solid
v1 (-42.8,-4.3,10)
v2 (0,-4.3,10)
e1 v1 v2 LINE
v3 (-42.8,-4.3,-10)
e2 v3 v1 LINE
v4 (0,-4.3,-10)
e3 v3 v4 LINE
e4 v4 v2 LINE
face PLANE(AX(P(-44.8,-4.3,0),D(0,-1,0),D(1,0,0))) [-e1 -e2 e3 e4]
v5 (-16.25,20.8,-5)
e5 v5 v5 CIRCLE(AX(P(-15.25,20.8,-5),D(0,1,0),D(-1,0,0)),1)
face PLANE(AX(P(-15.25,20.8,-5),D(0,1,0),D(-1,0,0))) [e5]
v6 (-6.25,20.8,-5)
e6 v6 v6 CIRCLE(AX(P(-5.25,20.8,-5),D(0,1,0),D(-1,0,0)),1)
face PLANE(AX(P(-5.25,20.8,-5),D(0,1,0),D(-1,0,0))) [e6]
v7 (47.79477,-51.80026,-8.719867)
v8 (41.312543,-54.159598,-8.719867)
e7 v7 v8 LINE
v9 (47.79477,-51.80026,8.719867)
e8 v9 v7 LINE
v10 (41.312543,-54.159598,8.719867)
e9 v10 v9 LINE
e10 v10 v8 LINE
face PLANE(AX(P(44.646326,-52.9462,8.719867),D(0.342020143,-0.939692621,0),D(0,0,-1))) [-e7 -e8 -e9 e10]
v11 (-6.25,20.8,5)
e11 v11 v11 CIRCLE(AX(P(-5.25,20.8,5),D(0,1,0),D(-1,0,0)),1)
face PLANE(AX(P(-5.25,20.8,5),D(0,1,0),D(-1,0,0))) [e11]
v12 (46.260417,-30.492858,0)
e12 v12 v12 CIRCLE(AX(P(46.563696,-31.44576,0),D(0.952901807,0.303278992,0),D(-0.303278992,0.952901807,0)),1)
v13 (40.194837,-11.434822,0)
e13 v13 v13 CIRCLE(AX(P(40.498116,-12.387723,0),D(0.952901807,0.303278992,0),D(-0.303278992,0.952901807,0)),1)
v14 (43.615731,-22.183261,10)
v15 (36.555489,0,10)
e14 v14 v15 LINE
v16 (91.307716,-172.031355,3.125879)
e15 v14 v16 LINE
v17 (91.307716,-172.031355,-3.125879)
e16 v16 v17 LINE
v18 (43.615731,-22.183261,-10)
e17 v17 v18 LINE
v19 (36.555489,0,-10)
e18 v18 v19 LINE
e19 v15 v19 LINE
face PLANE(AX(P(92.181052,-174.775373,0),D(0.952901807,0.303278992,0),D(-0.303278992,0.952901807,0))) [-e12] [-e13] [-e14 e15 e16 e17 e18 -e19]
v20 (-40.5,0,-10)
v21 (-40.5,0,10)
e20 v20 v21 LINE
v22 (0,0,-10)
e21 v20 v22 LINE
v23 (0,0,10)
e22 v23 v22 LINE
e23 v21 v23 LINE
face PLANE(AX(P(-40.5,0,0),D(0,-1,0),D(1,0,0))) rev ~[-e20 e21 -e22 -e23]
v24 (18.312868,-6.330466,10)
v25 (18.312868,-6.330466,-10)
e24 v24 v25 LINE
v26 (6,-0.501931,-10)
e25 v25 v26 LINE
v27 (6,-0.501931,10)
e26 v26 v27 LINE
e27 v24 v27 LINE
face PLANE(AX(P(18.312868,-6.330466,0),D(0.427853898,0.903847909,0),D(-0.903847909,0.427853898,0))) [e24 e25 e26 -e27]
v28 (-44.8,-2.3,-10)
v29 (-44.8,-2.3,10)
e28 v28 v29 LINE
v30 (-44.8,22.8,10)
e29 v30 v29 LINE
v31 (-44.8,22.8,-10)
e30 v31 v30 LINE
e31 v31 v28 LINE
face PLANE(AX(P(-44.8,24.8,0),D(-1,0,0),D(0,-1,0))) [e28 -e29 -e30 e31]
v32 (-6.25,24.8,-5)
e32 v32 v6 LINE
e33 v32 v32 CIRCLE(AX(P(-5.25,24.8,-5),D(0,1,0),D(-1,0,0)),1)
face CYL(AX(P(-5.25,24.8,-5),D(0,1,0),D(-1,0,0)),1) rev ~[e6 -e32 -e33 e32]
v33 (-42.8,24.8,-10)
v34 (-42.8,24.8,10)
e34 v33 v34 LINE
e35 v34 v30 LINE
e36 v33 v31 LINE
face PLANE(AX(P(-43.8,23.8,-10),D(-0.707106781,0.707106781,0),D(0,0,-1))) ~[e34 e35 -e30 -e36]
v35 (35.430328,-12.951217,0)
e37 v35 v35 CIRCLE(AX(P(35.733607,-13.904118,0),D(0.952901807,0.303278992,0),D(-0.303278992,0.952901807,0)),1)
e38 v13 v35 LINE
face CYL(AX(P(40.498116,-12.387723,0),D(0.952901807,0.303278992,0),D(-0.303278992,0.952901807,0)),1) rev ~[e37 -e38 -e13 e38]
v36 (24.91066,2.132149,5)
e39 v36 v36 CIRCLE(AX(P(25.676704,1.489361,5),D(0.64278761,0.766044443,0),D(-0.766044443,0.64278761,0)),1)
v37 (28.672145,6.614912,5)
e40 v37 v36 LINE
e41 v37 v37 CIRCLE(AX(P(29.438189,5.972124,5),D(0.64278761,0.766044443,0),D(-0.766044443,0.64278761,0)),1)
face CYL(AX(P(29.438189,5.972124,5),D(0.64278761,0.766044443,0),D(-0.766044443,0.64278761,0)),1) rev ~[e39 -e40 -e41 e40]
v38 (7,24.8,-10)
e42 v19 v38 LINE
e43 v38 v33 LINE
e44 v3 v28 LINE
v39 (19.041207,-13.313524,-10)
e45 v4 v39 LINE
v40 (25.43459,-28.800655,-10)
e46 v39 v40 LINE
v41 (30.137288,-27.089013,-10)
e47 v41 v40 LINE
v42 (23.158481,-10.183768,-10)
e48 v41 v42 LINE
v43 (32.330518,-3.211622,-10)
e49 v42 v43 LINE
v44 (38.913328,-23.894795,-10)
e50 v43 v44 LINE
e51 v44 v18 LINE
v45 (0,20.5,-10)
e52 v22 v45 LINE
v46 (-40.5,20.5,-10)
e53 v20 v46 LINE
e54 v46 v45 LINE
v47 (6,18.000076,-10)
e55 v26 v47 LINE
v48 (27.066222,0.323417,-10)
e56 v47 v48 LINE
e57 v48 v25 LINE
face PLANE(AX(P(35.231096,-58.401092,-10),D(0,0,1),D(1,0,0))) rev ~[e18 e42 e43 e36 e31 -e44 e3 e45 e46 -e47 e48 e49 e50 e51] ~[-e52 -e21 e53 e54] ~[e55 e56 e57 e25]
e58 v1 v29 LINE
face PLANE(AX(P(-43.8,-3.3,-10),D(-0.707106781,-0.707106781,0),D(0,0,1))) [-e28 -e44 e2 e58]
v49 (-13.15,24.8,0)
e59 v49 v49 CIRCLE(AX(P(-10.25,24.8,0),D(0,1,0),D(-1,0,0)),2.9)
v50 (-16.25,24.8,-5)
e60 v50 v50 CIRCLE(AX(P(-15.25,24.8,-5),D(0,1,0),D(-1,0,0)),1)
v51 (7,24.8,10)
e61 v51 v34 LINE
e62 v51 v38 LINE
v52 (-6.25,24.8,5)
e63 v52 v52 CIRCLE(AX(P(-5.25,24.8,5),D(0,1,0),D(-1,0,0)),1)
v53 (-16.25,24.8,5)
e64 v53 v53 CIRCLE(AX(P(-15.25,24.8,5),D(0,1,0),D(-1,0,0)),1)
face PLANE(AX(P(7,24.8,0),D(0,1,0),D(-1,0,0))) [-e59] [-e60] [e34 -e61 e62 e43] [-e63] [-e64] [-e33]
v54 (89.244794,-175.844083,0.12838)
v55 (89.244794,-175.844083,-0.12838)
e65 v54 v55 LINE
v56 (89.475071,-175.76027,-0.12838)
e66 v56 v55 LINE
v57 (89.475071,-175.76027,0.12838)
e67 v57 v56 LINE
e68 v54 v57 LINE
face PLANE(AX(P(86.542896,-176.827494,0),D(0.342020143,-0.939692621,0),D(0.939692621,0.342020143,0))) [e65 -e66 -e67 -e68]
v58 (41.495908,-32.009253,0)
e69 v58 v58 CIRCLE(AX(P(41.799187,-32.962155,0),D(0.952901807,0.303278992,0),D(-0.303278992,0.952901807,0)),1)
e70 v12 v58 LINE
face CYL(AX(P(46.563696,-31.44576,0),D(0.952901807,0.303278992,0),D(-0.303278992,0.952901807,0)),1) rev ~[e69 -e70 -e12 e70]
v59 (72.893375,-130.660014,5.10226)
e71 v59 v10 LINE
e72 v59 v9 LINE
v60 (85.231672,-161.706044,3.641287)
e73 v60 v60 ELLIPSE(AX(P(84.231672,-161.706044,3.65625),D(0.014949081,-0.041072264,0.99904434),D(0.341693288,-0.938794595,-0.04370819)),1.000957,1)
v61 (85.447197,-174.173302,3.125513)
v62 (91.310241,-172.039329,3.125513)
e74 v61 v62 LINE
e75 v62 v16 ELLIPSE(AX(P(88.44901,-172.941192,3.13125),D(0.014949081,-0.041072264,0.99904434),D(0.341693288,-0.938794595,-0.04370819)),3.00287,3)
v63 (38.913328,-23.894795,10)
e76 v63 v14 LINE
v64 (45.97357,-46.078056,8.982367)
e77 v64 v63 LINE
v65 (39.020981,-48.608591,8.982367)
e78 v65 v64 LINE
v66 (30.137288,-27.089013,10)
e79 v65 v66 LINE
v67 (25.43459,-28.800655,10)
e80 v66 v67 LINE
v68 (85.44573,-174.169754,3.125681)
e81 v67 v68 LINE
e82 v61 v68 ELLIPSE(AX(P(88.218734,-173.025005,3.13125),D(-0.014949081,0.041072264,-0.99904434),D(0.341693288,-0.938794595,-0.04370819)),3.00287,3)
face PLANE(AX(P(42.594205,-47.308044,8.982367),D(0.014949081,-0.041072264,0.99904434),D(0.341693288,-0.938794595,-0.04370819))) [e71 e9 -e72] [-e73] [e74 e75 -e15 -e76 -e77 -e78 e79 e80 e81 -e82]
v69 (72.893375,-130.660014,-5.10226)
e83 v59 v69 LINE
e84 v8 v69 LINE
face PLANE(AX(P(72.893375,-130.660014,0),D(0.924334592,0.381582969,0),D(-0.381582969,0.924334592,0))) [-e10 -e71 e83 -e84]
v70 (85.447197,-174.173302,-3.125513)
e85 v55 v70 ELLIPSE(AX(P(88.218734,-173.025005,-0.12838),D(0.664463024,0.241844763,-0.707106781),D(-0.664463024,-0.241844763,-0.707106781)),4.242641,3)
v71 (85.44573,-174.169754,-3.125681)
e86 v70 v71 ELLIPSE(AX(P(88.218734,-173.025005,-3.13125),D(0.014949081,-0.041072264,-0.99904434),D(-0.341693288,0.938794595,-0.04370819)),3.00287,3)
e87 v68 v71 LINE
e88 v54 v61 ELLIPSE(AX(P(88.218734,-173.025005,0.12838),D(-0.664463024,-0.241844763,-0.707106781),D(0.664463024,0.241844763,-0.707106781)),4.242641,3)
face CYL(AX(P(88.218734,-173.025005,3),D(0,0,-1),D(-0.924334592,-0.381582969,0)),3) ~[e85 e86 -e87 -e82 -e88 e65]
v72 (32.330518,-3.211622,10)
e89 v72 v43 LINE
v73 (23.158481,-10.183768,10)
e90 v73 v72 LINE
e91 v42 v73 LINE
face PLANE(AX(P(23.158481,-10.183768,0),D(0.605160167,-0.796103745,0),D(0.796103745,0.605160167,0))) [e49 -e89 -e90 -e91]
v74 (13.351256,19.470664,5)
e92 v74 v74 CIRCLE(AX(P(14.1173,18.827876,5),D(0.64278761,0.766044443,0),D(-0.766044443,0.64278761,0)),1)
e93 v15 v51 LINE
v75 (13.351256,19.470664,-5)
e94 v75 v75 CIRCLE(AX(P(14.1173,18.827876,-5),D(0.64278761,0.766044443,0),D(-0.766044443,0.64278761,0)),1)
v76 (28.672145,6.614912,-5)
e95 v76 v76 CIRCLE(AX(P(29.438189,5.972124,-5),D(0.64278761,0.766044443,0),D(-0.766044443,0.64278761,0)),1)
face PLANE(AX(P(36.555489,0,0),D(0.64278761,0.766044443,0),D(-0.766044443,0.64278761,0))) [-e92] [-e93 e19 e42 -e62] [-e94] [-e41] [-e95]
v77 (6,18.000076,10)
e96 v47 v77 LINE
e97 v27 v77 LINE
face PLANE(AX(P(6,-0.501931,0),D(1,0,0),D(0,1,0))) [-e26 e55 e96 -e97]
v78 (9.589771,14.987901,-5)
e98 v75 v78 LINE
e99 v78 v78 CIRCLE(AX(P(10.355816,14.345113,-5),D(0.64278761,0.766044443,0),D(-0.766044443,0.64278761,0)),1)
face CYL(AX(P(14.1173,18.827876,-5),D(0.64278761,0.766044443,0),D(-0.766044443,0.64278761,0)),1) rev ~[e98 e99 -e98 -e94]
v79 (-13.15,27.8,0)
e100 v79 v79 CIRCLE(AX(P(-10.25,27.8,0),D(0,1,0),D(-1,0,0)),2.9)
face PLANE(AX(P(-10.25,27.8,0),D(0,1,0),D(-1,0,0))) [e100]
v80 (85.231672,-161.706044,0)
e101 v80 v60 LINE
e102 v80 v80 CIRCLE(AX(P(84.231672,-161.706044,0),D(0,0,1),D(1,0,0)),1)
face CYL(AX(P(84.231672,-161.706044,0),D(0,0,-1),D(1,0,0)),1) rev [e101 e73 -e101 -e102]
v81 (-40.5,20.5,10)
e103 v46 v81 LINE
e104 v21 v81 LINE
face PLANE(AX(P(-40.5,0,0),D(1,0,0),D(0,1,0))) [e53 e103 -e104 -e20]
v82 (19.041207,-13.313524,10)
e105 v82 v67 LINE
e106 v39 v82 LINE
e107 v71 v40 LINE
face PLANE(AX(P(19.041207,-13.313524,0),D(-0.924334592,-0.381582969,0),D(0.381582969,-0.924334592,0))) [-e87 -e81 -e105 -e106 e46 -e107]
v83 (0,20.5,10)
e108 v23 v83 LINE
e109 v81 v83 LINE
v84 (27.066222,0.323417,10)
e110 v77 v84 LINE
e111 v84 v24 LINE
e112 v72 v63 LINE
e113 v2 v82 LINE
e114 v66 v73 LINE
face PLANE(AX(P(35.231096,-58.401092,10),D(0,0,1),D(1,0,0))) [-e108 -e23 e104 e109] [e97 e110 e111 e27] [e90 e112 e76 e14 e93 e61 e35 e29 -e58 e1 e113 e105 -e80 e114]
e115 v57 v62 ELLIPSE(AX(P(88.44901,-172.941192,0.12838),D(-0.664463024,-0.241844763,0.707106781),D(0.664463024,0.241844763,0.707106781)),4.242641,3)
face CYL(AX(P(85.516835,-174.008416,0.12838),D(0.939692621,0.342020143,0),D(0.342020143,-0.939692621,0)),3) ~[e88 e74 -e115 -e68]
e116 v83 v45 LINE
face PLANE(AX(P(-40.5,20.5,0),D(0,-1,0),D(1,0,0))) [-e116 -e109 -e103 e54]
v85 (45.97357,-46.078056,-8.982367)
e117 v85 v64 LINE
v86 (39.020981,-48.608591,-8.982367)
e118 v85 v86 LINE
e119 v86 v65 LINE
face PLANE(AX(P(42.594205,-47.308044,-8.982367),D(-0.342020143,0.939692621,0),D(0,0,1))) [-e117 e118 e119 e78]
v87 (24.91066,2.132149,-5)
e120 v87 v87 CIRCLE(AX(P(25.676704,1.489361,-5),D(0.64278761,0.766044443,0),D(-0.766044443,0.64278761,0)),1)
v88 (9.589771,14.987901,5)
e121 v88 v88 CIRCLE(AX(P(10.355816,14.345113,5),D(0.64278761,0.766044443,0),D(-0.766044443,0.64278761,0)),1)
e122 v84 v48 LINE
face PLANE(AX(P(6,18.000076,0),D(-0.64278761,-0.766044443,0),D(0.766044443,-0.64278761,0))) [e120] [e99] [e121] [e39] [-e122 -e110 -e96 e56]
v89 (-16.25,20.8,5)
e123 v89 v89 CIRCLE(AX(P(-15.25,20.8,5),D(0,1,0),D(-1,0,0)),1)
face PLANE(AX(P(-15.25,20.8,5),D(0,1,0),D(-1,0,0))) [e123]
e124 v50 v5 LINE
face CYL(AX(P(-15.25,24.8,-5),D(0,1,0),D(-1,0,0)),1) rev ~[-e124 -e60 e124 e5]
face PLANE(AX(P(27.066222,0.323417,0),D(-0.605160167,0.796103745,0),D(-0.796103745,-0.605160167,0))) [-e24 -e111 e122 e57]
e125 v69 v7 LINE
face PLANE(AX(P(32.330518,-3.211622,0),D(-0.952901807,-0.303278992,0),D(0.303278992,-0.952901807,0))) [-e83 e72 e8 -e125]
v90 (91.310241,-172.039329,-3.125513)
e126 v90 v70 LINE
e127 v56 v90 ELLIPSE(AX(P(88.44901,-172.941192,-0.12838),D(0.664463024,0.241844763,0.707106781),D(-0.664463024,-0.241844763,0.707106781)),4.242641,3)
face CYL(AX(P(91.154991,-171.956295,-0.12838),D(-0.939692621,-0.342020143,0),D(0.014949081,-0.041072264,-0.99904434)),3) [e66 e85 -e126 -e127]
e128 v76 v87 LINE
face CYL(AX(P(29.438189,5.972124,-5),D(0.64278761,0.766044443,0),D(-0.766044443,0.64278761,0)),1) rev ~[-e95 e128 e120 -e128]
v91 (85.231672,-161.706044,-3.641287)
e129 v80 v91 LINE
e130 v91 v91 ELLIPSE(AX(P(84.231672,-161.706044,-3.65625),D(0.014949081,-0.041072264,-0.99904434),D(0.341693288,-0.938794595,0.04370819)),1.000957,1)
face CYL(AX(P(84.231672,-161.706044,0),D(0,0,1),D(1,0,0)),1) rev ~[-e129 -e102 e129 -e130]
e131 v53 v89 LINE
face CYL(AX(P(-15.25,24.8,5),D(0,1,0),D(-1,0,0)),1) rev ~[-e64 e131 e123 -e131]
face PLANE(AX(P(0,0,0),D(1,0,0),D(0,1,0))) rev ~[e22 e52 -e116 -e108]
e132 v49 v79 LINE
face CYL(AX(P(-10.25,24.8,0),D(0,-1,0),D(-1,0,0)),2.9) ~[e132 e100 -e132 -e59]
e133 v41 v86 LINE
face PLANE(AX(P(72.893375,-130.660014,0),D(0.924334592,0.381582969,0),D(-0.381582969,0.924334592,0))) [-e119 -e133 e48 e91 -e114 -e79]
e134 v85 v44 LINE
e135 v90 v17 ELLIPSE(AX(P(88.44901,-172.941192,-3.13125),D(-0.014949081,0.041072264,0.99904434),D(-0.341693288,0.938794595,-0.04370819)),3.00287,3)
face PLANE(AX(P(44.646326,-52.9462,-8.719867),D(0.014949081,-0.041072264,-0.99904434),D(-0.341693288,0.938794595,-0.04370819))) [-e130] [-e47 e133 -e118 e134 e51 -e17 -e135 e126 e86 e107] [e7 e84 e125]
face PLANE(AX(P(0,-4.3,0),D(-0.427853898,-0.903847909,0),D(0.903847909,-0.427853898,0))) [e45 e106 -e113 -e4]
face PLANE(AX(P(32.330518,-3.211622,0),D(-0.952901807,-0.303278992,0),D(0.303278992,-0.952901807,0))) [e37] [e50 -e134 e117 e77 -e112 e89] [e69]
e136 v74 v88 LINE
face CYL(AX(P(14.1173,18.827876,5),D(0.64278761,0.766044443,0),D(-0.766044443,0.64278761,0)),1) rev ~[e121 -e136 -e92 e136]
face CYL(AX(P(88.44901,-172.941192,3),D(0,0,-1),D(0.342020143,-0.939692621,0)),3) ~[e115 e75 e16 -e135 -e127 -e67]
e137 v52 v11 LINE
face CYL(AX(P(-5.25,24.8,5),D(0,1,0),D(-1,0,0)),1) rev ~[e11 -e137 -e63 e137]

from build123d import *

# Parameters (mm, degrees)
F0_W           = 40.5
F0_H           = 20.5
F1_DEPTH       = 10
F2_SIZE        = 2
F3_R           = 2.9
F4_DEPTH       = 3
F7_DEPTH       = 126.422950013
F7_DEPTH_BACK  = 72.2858581577
F8_R           = 3
F9_R           = 1
F10_DEPTH      = 4
F12_DEPTH      = 3.596245468
F12_DEPTH_BACK = 3.8025450309
F13_R          = 1
F14_DEPTH      = 5.851831237
F15_R          = 1
F16_DEPTH      = 5
F17_R          = 1
F18_DEPTH      = 10.001
F18_DEPTH_BACK = 10.001


with BuildPart() as f1:
    # F0 (on Top) → F1 (new body, symmetric)
    with BuildSketch(Plane.XY):
        Polygon((7, 24.8), (-44.8, 24.8), (-44.8, -4.3), (0, -4.3), (19.0412067101, -13.3135236694), (86.5428958395, -176.8274940062), (92.1810515642, -174.7753731462), (36.5554890963, 0), align=None)
        with Locations((-20.25, 10.25)):
            Rectangle(F0_W, F0_H, mode=Mode.SUBTRACT)
        Polygon((6, -0.5019311232), (6, 18.0000764784), (27.0662221858, 0.3234172121), (18.3128683715, -6.3304656376), align=None, mode=Mode.SUBTRACT)
        Polygon((23.1584805053, -10.1837681409), (32.3305180335, -3.2116218642), (72.8933752329, -130.660014085), align=None, mode=Mode.SUBTRACT)
    extrude(amount=F1_DEPTH, both=True)

    # F2
    f2_edges = [f1.edges().sort_by_distance(p)[0] for p in [
        (-44.8, 24.8, 0),
        (-44.8, -4.3, 0),
    ]]
    chamfer(f2_edges, length=F2_SIZE)

    # F3 (on face) → F4 (join)
    with BuildSketch(Plane(origin=(0, 24.8, 0), x_dir=(-1, 0, 0), z_dir=(0, 1, 0))):
        with Locations((10.25, 0)):
            Circle(F3_R)
    extrude(amount=F4_DEPTH)

    # F6 (on mid) → F7 (cut, two sides)
    with BuildSketch(Plane(origin=(22.4071169072, 8.1555235899, 0), x_dir=(-0.3420201433, 0.9396926208, 0), z_dir=(0.9396926208, 0.3420201433, 0))) as f7_sk:
        Polygon((-35.7629049085, -10), (-195.7629049085, -3), (-195.7629049085, -10), align=None)
        Polygon((-35.7629049085, 10), (-195.7629049085, 10), (-195.7629049085, 3), align=None)
    extrude(amount=-F7_DEPTH, mode=Mode.SUBTRACT)
    extrude(f7_sk.sketch, amount=F7_DEPTH_BACK, mode=Mode.SUBTRACT)

    # F8
    f8_edges = [f1.edges().sort_by_distance(p)[0] for p in [
        (92.181052, -174.775373, 0),
        (89.361974, -175.801434, 3),
        (86.542896, -176.827494, 0),
        (89.361974, -175.801434, -3),
    ]]
    fillet(f8_edges, radius=F8_R)

    # F9 (on face) → F10 (cut)
    with BuildSketch(Plane(origin=(0, 24.8, 0), x_dir=(-1, 0, 0), z_dir=(0, 1, 0))):
        with Locations((15.25, 5)):
            Circle(F9_R)
        with Locations((15.25, -5)):
            Circle(F9_R)
        with Locations((5.25, -5)):
            Circle(F9_R)
        with Locations((5.25, 5)):
            Circle(F9_R)
    extrude(amount=-F10_DEPTH, mode=Mode.SUBTRACT)

    # F11 (on mid) → F12 (join, two sides)
    with BuildSketch(Plane(origin=(22.4071169072, 8.1555235899, 0), x_dir=(-0.3420201433, 0.9396926208, 0), z_dir=(0.9396926208, 0.3420201433, 0))) as f12_sk:
        Polygon((-59.0230961969, -8.9823666311), (-59.0230961969, 8.9823666311), (-65.0230961969, 8.7198666311), (-65.0230961969, -8.7198666311), align=None)
    extrude(amount=F12_DEPTH)
    extrude(f12_sk.sketch, amount=-F12_DEPTH_BACK)

    # F13 (on face) → F14 (cut, through all)
    with BuildSketch(Plane(origin=(15.1038475155, 18.0000645386, 0), x_dir=(-0.7660444431, 0.6427876097, 0), z_dir=(0.6427876097, 0.7660444431, 0))):
        with Locations((1.2878461653, 5)):
            Circle(F13_R)
        with Locations((1.2878461653, -5)):
            Circle(F13_R)
        with Locations((-18.7121538347, -5)):
            Circle(F13_R)
        with Locations((-18.7121538347, 5)):
            Circle(F13_R)
    extrude(amount=-F14_DEPTH, mode=Mode.SUBTRACT)

    # F15 (on face) → F16 (cut, through all)
    with BuildSketch(Plane(origin=(33.19318295, 10.5643572001, 0), x_dir=(-0.3032789919, 0.9529018066, 0), z_dir=(0.9529018066, 0.3032789919, 0))):
        with Locations((-24.0865118803, 0)):
            Circle(F15_R)
        with Locations((-44.0865118803, 0)):
            Circle(F15_R)
    extrude(amount=-F16_DEPTH, mode=Mode.SUBTRACT)

    # F17 (on Top) → F18 (cut, two sides)
    with BuildSketch(Plane.XY) as f18_sk:
        with Locations((84.231671552, -161.7060442644)):
            Circle(F17_R)
    extrude(amount=-F18_DEPTH, mode=Mode.SUBTRACT)
    extrude(f18_sk.sketch, amount=F18_DEPTH_BACK, mode=Mode.SUBTRACT)


solid = f1.part
